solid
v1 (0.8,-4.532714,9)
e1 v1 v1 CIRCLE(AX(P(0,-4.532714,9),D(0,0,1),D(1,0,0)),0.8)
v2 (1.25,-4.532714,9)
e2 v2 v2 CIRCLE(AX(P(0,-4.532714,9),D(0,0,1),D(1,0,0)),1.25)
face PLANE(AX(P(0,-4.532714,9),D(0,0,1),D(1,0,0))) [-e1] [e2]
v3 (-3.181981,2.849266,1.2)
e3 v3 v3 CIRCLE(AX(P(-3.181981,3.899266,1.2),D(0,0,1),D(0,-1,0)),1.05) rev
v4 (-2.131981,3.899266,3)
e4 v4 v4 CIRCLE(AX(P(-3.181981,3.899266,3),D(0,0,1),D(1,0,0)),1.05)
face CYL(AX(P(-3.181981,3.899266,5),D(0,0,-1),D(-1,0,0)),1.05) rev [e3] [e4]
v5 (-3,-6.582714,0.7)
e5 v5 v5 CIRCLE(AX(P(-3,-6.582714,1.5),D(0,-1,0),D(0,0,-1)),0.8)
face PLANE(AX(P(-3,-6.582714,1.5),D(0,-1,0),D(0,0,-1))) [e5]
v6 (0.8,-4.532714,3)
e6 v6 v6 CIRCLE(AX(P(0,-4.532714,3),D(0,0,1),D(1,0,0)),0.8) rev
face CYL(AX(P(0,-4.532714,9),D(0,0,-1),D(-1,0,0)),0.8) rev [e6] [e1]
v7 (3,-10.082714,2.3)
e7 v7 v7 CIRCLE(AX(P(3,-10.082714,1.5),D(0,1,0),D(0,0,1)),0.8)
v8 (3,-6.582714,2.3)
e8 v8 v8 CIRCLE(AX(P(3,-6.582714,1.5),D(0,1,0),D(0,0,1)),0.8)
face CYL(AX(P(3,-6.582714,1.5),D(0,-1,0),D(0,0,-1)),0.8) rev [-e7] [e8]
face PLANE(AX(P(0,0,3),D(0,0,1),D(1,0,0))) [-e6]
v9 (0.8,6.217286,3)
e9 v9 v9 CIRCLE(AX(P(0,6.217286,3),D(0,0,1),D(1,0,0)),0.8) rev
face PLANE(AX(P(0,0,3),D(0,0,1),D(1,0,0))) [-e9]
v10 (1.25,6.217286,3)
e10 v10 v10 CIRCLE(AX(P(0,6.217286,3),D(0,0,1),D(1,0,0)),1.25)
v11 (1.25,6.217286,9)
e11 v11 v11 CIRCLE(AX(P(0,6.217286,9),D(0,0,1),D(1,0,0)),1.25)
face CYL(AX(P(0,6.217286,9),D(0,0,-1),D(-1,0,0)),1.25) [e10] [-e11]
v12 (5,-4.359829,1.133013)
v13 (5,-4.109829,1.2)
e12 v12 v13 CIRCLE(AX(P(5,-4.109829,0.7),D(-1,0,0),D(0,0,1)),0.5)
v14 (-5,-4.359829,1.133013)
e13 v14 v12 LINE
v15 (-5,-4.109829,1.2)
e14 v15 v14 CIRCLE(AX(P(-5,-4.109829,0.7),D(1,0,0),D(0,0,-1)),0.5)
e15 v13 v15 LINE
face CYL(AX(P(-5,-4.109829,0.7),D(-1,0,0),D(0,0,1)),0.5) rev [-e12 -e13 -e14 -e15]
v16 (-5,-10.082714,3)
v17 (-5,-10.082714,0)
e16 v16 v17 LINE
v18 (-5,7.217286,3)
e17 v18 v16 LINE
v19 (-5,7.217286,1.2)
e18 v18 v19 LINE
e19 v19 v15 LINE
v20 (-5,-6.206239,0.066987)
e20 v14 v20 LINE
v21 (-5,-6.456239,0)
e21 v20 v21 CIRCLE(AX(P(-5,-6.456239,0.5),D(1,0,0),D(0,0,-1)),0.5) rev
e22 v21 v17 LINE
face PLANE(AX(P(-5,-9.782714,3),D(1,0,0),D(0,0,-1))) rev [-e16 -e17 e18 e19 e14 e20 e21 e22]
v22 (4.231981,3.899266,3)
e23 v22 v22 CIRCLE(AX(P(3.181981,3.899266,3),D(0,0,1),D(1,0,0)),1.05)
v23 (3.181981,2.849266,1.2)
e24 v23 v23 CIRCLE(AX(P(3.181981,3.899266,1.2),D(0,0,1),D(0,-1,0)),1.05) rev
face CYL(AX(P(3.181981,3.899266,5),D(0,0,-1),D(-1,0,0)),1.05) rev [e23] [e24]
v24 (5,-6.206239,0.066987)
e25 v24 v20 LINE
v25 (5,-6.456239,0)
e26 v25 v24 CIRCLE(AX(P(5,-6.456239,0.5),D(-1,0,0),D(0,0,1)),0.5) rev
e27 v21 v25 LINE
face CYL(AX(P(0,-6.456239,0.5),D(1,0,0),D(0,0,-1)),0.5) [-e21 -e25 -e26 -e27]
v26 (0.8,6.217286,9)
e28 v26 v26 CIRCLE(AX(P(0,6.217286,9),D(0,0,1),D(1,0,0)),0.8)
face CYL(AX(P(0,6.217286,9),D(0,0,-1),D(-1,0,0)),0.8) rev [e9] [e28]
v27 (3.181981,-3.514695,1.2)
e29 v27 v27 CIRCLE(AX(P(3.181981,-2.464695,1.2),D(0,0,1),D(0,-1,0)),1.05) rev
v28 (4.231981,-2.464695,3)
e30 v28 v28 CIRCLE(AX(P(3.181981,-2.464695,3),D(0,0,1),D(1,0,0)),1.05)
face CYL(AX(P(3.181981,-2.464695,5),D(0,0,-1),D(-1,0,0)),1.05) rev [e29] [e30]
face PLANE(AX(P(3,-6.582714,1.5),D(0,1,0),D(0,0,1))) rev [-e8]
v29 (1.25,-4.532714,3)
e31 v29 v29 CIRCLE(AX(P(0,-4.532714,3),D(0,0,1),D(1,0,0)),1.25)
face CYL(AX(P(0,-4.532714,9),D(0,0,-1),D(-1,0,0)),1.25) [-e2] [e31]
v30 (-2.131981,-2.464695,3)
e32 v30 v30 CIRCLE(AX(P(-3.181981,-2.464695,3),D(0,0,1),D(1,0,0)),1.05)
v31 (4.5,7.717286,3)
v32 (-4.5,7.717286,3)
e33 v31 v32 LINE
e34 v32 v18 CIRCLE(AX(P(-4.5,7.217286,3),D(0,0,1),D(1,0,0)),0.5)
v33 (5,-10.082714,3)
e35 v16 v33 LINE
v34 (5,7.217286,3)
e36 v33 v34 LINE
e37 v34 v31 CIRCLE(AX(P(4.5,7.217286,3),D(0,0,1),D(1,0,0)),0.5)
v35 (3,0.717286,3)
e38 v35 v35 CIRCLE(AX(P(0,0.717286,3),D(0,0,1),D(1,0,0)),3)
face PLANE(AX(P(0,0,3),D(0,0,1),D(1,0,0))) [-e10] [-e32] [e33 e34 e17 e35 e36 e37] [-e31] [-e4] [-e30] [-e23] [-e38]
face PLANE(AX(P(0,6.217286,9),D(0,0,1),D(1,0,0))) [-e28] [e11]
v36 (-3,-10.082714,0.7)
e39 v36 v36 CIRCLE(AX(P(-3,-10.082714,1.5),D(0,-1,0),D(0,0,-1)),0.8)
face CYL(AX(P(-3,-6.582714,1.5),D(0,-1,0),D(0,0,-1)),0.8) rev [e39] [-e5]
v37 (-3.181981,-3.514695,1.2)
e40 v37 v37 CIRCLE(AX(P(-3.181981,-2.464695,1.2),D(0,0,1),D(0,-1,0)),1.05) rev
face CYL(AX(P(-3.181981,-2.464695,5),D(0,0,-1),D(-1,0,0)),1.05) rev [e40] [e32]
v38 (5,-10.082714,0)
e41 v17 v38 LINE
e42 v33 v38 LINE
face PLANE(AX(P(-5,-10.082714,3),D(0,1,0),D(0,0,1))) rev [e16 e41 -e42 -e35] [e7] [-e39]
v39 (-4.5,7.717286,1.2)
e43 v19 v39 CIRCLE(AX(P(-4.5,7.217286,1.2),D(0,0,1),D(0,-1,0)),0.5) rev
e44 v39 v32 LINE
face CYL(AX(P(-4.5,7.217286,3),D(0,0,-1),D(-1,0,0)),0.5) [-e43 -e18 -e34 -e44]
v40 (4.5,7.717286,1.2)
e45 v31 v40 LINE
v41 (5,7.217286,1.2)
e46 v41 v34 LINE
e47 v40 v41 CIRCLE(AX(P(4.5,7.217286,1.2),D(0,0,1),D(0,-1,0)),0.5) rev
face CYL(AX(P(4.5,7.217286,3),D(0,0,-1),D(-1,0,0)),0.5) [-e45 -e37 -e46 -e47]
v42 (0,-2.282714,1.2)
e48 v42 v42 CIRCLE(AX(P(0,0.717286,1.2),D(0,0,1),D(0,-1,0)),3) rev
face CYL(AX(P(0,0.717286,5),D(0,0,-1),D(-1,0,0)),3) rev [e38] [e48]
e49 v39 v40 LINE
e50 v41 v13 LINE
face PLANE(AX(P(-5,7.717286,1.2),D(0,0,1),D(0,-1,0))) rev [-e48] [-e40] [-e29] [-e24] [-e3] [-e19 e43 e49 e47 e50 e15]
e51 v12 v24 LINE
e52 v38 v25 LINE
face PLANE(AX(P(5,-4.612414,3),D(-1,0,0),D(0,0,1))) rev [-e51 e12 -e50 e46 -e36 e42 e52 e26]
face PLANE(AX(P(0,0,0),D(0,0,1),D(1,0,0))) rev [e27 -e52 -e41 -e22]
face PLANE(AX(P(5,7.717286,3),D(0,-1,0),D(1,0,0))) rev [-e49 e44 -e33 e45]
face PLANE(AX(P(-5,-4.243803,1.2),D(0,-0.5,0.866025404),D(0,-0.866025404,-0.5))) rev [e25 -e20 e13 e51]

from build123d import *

# Parameters (mm, degrees)
EXTRUDE_1_DEPTH     = 3
SKETCH_2_R          = 0.8
CUT_EXTRUDE_1_DEPTH = 3.5
SKETCH_6_R          = 3
SKETCH_6_R_2        = 1.05
CUT_EXTRUDE_2_DEPTH = 5
FILLET_1_R          = 0.5
CUT_EXTRUDE_4_DEPTH = 15.514169722
FILLET_2_R          = 0.5
SKETCH_13_R         = 1.25
SKETCH_13_R_2       = 0.8
EXTRUDE_2_DEPTH     = 6


with BuildPart() as part:
    # 草图1 → 凸台-拉伸1 (new body)
    with BuildSketch(Plane.XY):
        Polygon((-5, -9.782714055), (-5, -10.082714055), (5, -10.082714055), (5, -4.612414327), (5, 7.717285945), (-5, 7.717285945), align=None)
    extrude(amount=EXTRUDE_1_DEPTH)

    # 草图2 → 切除-拉伸1 (cut)
    with BuildSketch(Plane(origin=(0, -10.082714055, 0), x_dir=(-1, 0, 0), z_dir=(0, -1, 0))):
        with Locations(Location((3, -1.5, 0), (0, 0, 90))):
            Circle(SKETCH_2_R)
        with Locations(Location((-3, -1.5, 0), (0, 0, 270))):
            Circle(SKETCH_2_R)
    extrude(amount=-CUT_EXTRUDE_1_DEPTH, mode=Mode.SUBTRACT)

    # 草图6 → 切除-拉伸2 (cut)
    with BuildSketch(Plane(origin=(0, 0, 0), x_dir=(-1, 0, 0), z_dir=(0, 0, -1))):
        with Locations((0, 0.717285945)):
            Circle(SKETCH_6_R)
        with Locations((-3.181980515, 3.89926646)):
            Circle(SKETCH_6_R_2)
        with Locations((3.181980515, 3.89926646)):
            Circle(SKETCH_6_R_2)
        with Locations((3.181980515, -2.46469457)):
            Circle(SKETCH_6_R_2)
        with Locations((-3.181980515, -2.46469457)):
            Circle(SKETCH_6_R_2)
    extrude(amount=-CUT_EXTRUDE_2_DEPTH, mode=Mode.SUBTRACT)

    # 圆角1
    fillet_1_edges = [part.edges().sort_by_distance(p)[0] for p in [
        (-5, 7.717285945, 1.5),
        (5, 7.717285945, 1.5),
    ]]
    fillet(fillet_1_edges, radius=FILLET_1_R)

    # 草图12 → 切除-拉伸4 (cut, through all)
    with BuildSketch(Plane(origin=(5, 0, 0), x_dir=(0, 0, -1), z_dir=(1, 0, 0))):
        Polygon((-1.2, 7.717285945), (-1.2, -4.243803332), (0, -6.322264301), (0, 7.717285945), align=None)
    extrude(amount=-CUT_EXTRUDE_4_DEPTH, mode=Mode.SUBTRACT)

    # 圆角2
    fillet_2_edges = [part.edges().sort_by_distance(p)[0] for p in [
        (0, -4.243803332, 1.2),
        (0, -6.322264301, 0),
    ]]
    fillet(fillet_2_edges, radius=FILLET_2_R)

    # 草图13 → 凸台-拉伸2 (add)
    # profile 1 of 2: a face of its own
    with BuildSketch(Plane.XY.offset(3)):
        with Locations((0, 6.217285945)):
            Circle(SKETCH_13_R)
        with Locations((0, 6.217285945)):
            Circle(SKETCH_13_R_2, mode=Mode.SUBTRACT)
    # profile 2 of 2: a face of its own
    with BuildSketch(Plane.XY.offset(3)):
        with Locations((0, -4.532714055)):
            Circle(SKETCH_13_R)
        with Locations((0, -4.532714055)):
            Circle(SKETCH_13_R_2, mode=Mode.SUBTRACT)
    extrude(amount=EXTRUDE_2_DEPTH)


solid = part.part
